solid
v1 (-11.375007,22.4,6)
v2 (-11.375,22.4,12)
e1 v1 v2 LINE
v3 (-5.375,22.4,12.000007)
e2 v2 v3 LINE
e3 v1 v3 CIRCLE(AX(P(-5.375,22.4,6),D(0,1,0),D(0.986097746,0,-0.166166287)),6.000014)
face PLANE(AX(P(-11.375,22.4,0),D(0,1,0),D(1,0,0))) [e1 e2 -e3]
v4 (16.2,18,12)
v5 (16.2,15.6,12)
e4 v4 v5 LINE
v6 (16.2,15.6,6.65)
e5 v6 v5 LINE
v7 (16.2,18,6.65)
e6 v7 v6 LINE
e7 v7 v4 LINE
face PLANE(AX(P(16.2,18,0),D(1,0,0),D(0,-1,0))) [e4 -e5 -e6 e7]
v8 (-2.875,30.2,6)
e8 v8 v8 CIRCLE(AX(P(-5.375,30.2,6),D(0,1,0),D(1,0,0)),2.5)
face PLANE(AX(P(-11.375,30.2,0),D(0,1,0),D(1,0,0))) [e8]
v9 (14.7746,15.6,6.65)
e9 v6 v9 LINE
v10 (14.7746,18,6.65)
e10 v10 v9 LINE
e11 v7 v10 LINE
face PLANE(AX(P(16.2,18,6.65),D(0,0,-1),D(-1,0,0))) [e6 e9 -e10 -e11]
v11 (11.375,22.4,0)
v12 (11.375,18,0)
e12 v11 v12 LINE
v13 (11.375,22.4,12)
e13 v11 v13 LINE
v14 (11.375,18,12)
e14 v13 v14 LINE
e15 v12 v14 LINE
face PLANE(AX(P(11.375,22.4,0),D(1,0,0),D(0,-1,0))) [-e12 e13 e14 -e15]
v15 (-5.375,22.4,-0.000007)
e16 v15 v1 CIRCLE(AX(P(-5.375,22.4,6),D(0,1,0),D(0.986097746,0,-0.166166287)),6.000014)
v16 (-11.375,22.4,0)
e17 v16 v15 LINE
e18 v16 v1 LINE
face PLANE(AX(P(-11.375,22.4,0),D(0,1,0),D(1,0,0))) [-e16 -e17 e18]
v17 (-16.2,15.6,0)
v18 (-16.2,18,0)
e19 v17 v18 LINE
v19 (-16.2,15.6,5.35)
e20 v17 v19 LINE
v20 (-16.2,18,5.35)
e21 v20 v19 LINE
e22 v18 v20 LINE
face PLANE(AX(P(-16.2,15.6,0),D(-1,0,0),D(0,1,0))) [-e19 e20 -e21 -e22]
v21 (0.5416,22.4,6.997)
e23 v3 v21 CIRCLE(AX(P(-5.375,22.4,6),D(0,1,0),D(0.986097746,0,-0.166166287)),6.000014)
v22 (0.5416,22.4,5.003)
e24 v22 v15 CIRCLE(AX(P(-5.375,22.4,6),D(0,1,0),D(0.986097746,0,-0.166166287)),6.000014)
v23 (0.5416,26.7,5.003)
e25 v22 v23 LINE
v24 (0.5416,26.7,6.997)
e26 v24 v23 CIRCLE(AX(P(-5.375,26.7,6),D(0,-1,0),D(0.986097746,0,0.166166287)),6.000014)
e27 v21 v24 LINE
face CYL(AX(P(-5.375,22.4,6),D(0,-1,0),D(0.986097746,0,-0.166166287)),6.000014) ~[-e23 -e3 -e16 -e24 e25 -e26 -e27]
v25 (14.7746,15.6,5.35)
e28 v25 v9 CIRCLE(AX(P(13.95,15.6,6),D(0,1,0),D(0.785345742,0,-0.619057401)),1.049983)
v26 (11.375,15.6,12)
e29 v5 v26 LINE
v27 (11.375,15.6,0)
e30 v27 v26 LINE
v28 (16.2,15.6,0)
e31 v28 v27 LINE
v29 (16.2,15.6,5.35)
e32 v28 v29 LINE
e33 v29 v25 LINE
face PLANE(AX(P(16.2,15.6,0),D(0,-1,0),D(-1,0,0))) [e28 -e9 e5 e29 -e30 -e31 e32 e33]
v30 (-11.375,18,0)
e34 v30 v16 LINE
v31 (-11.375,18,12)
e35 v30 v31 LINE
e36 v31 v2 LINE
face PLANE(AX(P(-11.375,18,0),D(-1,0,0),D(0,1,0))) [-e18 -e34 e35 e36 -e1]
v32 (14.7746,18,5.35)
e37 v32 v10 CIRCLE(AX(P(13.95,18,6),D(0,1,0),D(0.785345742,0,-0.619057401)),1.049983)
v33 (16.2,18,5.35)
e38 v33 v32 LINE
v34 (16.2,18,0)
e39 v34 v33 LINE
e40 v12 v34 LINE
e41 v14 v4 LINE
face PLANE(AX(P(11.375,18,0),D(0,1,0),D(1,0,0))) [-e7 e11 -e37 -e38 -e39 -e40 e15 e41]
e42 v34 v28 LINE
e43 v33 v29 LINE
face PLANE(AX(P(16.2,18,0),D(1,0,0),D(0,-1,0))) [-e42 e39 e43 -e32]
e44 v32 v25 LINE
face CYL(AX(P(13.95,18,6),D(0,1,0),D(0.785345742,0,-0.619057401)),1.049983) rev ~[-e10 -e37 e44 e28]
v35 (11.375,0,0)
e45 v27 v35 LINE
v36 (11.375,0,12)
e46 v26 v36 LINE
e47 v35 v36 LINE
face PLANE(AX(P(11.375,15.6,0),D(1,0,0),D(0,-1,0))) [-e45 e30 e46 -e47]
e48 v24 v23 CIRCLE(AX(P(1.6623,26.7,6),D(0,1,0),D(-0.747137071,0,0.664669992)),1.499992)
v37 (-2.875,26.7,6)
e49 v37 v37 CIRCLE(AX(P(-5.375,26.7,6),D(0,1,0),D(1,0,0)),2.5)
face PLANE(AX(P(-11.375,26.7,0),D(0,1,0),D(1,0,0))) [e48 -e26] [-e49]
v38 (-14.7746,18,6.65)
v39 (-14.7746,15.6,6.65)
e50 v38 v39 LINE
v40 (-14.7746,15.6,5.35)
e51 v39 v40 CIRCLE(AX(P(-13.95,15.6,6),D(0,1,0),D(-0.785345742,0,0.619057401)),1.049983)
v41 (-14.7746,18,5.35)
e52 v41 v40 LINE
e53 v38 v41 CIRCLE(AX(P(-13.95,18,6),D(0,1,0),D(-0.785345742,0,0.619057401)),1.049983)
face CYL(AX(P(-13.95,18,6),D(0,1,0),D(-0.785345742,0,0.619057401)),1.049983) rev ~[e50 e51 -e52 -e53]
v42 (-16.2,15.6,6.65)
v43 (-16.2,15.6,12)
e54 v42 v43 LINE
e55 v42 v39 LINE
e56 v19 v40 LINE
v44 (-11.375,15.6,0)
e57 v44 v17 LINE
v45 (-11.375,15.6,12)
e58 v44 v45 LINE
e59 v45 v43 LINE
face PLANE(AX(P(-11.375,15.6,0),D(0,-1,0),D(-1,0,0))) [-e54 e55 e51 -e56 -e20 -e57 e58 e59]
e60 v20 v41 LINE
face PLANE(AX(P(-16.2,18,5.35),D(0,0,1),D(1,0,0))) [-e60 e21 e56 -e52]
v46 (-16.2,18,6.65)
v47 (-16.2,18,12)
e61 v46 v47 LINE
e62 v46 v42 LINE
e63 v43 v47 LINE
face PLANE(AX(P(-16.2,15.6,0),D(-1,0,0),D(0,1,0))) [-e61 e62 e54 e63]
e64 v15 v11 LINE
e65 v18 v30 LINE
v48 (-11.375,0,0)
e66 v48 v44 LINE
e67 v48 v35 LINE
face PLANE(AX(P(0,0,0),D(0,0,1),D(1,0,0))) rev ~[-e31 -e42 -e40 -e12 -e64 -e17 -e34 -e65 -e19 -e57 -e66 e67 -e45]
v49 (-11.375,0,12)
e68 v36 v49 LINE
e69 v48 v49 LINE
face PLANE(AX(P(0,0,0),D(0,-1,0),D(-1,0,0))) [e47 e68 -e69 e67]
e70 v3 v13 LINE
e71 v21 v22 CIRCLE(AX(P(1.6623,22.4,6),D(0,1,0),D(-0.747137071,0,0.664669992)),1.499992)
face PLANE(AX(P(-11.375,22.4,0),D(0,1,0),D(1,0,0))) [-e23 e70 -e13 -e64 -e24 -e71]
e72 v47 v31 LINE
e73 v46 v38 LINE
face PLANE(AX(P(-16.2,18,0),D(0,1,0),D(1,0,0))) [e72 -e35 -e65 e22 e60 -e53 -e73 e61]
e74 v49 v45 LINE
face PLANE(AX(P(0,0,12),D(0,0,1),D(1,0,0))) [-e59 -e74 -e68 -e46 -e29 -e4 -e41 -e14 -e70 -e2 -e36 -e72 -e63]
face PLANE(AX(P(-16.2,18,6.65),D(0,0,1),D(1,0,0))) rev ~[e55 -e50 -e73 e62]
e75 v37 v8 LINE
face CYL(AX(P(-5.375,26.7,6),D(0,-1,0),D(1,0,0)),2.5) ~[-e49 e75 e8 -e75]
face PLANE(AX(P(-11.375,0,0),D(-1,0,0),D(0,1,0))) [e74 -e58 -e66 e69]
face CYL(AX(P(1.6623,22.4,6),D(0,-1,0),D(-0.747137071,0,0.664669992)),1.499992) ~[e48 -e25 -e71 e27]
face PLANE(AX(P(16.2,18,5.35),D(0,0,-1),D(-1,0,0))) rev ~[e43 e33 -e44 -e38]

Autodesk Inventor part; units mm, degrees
ref_plane "YZ Plane" through (0, 0, 0) normal (1, 0, 0) x (0, 1, 0)
ref_plane "XZ Plane" through (0, 0, 0) normal (0, 1, 0) x (-1, 0, 0)
ref_plane "XY Plane" through (0, 0, 0) normal (0, 0, 1) x (1, 0, 0)
sketch "Sketch1" plane through (0, 0, 0) normal (0, 0, 1) x (1, 0, 0)
  line L0 (0, 0) -> (-11.375, 0)
  line L1 (-11.375, 0) -> (-11.375, 15.6)
  line L2 (-11.375, 15.6) -> (-16.2, 15.6)
  line L3 (-16.2, 15.6) -> (-16.2, 18)
  line L4 (-16.2, 18) -> (-11.375, 18)
  line L5 (-11.375, 18) -> (-11.375, 22.4)
  line L6 (-11.375, 22.4) -> (11.375, 22.4)
  line L7 (11.375, 22.4) -> (11.375, 18)
  line L8 (11.375, 18) -> (16.2, 18)
  line L9 (16.2, 18) -> (16.2, 15.6)
  line L10 (16.2, 15.6) -> (11.375, 15.6)
  line L11 (11.375, 15.6) -> (11.375, 0)
  line L12 (11.375, 0) -> (0, 0)
  dimension "d0" = 11.375
  dimension "d1" = 15.6
  dimension "d2" = 4.825
  dimension "d3" = 2.4
  dimension "d4" = 4.4
  dimension "d5" = 22.75
  dimension "d7" = 4.825
  dimension "d8" = 2.4
  dimension "d9" = 18
extrude "Extrusion1" add sketch "Sketch1" along normal blind 12
sketch "Sketch2" plane through (-11.375, 22.4, 0) normal (0, 1, 0) x (1, 0, 0)
  line L0 (0, -12) -> (22.75, -12) projected
  line L1 (0, 0) -> (22.75, 0) projected
  line L2 (0, 0) -> (0, -12) projected
  arc A0 (11.9166, -5.003) -> (11.9166, -6.997) centre (6, -6) ccw
  arc A1 (11.9166, -6.997) -> (11.9166, -5.003) centre (13.0373, -6) ccw
  point P0 (11.375, 0)
  dimension "d13" = 3
extrude "Extrusion2" add sketch "Sketch2" along normal blind 4.3 contours A0 A1
sketch "Sketch3" plane through (-11.375, 26.7, 0) normal (0, 1, 0) x (1, 0, 0)
  arc A0 (11.9166, -5.003) -> (11.9166, -6.997) centre (6, -6) ccw projected
  circle A1 centre (6, -6) radius 2.5
  point P0 (11.375, 0)
  dimension "d16" = 5
extrude "Extrusion3" add sketch "Sketch3" along normal blind 3.5
sketch "Sketch4" plane through (-16.2, 18, 0) normal (0, 1, 0) x (1, 0, 0)
  line L0 (0, 0) -> (0, -12) projected
  line L1 (27.575, -12) -> (32.4, -12) projected
  line L2 (32.4, 0) -> (32.4, -12) projected
  line L3 (27.575, 0) -> (32.4, 0) projected
  line L4 (27.575, 0) -> (27.575, -12) projected
  arc A0 (1.4254, -6.65) -> (1.4254, -5.35) centre (2.25, -6) ccw
  arc A1 (30.9746, -5.35) -> (30.9746, -6.65) centre (30.15, -6) ccw
  line L5 (0, 0) -> (0, -12) construction
  line L6 (0, -6) -> (32.4, -6) construction
  line L7 (32.4, 0) -> (32.4, -12) construction
  line L8 (0, -5.35) -> (1.4254, -5.35)
  line L9 (0, -6.65) -> (1.4254, -6.65)
  line L10 (32.4, -5.35) -> (30.9746, -5.35)
  line L11 (32.4, -6.65) -> (30.9746, -6.65)
  line L12 (0, -5.35) -> (-0.3532, -5.35)
  line L13 (-0.3532, -5.35) -> (-0.3532, -6.65)
  line L14 (-0.3532, -6.65) -> (0, -6.65)
  line L15 (32.4, -5.35) -> (32.7834, -5.35)
  line L16 (32.7834, -5.35) -> (32.7834, -6.65)
  line L17 (32.7834, -6.65) -> (32.4, -6.65)
  point P0 (16.2, 0)
  dimension "d19" = 2.1
  dimension "d20" = 2.1
  dimension "d21" = 27.9
  dimension "d22" = 2.25
  dimension "d23" = 1.3
  dimension "d25" = 0.65
  dimension "d26" = 1.3
  dimension "d27" = 0.65
extrude "Extrusion4" cut sketch "Sketch4" against normal up to next contours L8 A0 L9 L0 | L0 L14 L13 L12 | L11 A1 L10 L2 | L2 L15 L16 L17
properties part number "MicroServo_Motor"
